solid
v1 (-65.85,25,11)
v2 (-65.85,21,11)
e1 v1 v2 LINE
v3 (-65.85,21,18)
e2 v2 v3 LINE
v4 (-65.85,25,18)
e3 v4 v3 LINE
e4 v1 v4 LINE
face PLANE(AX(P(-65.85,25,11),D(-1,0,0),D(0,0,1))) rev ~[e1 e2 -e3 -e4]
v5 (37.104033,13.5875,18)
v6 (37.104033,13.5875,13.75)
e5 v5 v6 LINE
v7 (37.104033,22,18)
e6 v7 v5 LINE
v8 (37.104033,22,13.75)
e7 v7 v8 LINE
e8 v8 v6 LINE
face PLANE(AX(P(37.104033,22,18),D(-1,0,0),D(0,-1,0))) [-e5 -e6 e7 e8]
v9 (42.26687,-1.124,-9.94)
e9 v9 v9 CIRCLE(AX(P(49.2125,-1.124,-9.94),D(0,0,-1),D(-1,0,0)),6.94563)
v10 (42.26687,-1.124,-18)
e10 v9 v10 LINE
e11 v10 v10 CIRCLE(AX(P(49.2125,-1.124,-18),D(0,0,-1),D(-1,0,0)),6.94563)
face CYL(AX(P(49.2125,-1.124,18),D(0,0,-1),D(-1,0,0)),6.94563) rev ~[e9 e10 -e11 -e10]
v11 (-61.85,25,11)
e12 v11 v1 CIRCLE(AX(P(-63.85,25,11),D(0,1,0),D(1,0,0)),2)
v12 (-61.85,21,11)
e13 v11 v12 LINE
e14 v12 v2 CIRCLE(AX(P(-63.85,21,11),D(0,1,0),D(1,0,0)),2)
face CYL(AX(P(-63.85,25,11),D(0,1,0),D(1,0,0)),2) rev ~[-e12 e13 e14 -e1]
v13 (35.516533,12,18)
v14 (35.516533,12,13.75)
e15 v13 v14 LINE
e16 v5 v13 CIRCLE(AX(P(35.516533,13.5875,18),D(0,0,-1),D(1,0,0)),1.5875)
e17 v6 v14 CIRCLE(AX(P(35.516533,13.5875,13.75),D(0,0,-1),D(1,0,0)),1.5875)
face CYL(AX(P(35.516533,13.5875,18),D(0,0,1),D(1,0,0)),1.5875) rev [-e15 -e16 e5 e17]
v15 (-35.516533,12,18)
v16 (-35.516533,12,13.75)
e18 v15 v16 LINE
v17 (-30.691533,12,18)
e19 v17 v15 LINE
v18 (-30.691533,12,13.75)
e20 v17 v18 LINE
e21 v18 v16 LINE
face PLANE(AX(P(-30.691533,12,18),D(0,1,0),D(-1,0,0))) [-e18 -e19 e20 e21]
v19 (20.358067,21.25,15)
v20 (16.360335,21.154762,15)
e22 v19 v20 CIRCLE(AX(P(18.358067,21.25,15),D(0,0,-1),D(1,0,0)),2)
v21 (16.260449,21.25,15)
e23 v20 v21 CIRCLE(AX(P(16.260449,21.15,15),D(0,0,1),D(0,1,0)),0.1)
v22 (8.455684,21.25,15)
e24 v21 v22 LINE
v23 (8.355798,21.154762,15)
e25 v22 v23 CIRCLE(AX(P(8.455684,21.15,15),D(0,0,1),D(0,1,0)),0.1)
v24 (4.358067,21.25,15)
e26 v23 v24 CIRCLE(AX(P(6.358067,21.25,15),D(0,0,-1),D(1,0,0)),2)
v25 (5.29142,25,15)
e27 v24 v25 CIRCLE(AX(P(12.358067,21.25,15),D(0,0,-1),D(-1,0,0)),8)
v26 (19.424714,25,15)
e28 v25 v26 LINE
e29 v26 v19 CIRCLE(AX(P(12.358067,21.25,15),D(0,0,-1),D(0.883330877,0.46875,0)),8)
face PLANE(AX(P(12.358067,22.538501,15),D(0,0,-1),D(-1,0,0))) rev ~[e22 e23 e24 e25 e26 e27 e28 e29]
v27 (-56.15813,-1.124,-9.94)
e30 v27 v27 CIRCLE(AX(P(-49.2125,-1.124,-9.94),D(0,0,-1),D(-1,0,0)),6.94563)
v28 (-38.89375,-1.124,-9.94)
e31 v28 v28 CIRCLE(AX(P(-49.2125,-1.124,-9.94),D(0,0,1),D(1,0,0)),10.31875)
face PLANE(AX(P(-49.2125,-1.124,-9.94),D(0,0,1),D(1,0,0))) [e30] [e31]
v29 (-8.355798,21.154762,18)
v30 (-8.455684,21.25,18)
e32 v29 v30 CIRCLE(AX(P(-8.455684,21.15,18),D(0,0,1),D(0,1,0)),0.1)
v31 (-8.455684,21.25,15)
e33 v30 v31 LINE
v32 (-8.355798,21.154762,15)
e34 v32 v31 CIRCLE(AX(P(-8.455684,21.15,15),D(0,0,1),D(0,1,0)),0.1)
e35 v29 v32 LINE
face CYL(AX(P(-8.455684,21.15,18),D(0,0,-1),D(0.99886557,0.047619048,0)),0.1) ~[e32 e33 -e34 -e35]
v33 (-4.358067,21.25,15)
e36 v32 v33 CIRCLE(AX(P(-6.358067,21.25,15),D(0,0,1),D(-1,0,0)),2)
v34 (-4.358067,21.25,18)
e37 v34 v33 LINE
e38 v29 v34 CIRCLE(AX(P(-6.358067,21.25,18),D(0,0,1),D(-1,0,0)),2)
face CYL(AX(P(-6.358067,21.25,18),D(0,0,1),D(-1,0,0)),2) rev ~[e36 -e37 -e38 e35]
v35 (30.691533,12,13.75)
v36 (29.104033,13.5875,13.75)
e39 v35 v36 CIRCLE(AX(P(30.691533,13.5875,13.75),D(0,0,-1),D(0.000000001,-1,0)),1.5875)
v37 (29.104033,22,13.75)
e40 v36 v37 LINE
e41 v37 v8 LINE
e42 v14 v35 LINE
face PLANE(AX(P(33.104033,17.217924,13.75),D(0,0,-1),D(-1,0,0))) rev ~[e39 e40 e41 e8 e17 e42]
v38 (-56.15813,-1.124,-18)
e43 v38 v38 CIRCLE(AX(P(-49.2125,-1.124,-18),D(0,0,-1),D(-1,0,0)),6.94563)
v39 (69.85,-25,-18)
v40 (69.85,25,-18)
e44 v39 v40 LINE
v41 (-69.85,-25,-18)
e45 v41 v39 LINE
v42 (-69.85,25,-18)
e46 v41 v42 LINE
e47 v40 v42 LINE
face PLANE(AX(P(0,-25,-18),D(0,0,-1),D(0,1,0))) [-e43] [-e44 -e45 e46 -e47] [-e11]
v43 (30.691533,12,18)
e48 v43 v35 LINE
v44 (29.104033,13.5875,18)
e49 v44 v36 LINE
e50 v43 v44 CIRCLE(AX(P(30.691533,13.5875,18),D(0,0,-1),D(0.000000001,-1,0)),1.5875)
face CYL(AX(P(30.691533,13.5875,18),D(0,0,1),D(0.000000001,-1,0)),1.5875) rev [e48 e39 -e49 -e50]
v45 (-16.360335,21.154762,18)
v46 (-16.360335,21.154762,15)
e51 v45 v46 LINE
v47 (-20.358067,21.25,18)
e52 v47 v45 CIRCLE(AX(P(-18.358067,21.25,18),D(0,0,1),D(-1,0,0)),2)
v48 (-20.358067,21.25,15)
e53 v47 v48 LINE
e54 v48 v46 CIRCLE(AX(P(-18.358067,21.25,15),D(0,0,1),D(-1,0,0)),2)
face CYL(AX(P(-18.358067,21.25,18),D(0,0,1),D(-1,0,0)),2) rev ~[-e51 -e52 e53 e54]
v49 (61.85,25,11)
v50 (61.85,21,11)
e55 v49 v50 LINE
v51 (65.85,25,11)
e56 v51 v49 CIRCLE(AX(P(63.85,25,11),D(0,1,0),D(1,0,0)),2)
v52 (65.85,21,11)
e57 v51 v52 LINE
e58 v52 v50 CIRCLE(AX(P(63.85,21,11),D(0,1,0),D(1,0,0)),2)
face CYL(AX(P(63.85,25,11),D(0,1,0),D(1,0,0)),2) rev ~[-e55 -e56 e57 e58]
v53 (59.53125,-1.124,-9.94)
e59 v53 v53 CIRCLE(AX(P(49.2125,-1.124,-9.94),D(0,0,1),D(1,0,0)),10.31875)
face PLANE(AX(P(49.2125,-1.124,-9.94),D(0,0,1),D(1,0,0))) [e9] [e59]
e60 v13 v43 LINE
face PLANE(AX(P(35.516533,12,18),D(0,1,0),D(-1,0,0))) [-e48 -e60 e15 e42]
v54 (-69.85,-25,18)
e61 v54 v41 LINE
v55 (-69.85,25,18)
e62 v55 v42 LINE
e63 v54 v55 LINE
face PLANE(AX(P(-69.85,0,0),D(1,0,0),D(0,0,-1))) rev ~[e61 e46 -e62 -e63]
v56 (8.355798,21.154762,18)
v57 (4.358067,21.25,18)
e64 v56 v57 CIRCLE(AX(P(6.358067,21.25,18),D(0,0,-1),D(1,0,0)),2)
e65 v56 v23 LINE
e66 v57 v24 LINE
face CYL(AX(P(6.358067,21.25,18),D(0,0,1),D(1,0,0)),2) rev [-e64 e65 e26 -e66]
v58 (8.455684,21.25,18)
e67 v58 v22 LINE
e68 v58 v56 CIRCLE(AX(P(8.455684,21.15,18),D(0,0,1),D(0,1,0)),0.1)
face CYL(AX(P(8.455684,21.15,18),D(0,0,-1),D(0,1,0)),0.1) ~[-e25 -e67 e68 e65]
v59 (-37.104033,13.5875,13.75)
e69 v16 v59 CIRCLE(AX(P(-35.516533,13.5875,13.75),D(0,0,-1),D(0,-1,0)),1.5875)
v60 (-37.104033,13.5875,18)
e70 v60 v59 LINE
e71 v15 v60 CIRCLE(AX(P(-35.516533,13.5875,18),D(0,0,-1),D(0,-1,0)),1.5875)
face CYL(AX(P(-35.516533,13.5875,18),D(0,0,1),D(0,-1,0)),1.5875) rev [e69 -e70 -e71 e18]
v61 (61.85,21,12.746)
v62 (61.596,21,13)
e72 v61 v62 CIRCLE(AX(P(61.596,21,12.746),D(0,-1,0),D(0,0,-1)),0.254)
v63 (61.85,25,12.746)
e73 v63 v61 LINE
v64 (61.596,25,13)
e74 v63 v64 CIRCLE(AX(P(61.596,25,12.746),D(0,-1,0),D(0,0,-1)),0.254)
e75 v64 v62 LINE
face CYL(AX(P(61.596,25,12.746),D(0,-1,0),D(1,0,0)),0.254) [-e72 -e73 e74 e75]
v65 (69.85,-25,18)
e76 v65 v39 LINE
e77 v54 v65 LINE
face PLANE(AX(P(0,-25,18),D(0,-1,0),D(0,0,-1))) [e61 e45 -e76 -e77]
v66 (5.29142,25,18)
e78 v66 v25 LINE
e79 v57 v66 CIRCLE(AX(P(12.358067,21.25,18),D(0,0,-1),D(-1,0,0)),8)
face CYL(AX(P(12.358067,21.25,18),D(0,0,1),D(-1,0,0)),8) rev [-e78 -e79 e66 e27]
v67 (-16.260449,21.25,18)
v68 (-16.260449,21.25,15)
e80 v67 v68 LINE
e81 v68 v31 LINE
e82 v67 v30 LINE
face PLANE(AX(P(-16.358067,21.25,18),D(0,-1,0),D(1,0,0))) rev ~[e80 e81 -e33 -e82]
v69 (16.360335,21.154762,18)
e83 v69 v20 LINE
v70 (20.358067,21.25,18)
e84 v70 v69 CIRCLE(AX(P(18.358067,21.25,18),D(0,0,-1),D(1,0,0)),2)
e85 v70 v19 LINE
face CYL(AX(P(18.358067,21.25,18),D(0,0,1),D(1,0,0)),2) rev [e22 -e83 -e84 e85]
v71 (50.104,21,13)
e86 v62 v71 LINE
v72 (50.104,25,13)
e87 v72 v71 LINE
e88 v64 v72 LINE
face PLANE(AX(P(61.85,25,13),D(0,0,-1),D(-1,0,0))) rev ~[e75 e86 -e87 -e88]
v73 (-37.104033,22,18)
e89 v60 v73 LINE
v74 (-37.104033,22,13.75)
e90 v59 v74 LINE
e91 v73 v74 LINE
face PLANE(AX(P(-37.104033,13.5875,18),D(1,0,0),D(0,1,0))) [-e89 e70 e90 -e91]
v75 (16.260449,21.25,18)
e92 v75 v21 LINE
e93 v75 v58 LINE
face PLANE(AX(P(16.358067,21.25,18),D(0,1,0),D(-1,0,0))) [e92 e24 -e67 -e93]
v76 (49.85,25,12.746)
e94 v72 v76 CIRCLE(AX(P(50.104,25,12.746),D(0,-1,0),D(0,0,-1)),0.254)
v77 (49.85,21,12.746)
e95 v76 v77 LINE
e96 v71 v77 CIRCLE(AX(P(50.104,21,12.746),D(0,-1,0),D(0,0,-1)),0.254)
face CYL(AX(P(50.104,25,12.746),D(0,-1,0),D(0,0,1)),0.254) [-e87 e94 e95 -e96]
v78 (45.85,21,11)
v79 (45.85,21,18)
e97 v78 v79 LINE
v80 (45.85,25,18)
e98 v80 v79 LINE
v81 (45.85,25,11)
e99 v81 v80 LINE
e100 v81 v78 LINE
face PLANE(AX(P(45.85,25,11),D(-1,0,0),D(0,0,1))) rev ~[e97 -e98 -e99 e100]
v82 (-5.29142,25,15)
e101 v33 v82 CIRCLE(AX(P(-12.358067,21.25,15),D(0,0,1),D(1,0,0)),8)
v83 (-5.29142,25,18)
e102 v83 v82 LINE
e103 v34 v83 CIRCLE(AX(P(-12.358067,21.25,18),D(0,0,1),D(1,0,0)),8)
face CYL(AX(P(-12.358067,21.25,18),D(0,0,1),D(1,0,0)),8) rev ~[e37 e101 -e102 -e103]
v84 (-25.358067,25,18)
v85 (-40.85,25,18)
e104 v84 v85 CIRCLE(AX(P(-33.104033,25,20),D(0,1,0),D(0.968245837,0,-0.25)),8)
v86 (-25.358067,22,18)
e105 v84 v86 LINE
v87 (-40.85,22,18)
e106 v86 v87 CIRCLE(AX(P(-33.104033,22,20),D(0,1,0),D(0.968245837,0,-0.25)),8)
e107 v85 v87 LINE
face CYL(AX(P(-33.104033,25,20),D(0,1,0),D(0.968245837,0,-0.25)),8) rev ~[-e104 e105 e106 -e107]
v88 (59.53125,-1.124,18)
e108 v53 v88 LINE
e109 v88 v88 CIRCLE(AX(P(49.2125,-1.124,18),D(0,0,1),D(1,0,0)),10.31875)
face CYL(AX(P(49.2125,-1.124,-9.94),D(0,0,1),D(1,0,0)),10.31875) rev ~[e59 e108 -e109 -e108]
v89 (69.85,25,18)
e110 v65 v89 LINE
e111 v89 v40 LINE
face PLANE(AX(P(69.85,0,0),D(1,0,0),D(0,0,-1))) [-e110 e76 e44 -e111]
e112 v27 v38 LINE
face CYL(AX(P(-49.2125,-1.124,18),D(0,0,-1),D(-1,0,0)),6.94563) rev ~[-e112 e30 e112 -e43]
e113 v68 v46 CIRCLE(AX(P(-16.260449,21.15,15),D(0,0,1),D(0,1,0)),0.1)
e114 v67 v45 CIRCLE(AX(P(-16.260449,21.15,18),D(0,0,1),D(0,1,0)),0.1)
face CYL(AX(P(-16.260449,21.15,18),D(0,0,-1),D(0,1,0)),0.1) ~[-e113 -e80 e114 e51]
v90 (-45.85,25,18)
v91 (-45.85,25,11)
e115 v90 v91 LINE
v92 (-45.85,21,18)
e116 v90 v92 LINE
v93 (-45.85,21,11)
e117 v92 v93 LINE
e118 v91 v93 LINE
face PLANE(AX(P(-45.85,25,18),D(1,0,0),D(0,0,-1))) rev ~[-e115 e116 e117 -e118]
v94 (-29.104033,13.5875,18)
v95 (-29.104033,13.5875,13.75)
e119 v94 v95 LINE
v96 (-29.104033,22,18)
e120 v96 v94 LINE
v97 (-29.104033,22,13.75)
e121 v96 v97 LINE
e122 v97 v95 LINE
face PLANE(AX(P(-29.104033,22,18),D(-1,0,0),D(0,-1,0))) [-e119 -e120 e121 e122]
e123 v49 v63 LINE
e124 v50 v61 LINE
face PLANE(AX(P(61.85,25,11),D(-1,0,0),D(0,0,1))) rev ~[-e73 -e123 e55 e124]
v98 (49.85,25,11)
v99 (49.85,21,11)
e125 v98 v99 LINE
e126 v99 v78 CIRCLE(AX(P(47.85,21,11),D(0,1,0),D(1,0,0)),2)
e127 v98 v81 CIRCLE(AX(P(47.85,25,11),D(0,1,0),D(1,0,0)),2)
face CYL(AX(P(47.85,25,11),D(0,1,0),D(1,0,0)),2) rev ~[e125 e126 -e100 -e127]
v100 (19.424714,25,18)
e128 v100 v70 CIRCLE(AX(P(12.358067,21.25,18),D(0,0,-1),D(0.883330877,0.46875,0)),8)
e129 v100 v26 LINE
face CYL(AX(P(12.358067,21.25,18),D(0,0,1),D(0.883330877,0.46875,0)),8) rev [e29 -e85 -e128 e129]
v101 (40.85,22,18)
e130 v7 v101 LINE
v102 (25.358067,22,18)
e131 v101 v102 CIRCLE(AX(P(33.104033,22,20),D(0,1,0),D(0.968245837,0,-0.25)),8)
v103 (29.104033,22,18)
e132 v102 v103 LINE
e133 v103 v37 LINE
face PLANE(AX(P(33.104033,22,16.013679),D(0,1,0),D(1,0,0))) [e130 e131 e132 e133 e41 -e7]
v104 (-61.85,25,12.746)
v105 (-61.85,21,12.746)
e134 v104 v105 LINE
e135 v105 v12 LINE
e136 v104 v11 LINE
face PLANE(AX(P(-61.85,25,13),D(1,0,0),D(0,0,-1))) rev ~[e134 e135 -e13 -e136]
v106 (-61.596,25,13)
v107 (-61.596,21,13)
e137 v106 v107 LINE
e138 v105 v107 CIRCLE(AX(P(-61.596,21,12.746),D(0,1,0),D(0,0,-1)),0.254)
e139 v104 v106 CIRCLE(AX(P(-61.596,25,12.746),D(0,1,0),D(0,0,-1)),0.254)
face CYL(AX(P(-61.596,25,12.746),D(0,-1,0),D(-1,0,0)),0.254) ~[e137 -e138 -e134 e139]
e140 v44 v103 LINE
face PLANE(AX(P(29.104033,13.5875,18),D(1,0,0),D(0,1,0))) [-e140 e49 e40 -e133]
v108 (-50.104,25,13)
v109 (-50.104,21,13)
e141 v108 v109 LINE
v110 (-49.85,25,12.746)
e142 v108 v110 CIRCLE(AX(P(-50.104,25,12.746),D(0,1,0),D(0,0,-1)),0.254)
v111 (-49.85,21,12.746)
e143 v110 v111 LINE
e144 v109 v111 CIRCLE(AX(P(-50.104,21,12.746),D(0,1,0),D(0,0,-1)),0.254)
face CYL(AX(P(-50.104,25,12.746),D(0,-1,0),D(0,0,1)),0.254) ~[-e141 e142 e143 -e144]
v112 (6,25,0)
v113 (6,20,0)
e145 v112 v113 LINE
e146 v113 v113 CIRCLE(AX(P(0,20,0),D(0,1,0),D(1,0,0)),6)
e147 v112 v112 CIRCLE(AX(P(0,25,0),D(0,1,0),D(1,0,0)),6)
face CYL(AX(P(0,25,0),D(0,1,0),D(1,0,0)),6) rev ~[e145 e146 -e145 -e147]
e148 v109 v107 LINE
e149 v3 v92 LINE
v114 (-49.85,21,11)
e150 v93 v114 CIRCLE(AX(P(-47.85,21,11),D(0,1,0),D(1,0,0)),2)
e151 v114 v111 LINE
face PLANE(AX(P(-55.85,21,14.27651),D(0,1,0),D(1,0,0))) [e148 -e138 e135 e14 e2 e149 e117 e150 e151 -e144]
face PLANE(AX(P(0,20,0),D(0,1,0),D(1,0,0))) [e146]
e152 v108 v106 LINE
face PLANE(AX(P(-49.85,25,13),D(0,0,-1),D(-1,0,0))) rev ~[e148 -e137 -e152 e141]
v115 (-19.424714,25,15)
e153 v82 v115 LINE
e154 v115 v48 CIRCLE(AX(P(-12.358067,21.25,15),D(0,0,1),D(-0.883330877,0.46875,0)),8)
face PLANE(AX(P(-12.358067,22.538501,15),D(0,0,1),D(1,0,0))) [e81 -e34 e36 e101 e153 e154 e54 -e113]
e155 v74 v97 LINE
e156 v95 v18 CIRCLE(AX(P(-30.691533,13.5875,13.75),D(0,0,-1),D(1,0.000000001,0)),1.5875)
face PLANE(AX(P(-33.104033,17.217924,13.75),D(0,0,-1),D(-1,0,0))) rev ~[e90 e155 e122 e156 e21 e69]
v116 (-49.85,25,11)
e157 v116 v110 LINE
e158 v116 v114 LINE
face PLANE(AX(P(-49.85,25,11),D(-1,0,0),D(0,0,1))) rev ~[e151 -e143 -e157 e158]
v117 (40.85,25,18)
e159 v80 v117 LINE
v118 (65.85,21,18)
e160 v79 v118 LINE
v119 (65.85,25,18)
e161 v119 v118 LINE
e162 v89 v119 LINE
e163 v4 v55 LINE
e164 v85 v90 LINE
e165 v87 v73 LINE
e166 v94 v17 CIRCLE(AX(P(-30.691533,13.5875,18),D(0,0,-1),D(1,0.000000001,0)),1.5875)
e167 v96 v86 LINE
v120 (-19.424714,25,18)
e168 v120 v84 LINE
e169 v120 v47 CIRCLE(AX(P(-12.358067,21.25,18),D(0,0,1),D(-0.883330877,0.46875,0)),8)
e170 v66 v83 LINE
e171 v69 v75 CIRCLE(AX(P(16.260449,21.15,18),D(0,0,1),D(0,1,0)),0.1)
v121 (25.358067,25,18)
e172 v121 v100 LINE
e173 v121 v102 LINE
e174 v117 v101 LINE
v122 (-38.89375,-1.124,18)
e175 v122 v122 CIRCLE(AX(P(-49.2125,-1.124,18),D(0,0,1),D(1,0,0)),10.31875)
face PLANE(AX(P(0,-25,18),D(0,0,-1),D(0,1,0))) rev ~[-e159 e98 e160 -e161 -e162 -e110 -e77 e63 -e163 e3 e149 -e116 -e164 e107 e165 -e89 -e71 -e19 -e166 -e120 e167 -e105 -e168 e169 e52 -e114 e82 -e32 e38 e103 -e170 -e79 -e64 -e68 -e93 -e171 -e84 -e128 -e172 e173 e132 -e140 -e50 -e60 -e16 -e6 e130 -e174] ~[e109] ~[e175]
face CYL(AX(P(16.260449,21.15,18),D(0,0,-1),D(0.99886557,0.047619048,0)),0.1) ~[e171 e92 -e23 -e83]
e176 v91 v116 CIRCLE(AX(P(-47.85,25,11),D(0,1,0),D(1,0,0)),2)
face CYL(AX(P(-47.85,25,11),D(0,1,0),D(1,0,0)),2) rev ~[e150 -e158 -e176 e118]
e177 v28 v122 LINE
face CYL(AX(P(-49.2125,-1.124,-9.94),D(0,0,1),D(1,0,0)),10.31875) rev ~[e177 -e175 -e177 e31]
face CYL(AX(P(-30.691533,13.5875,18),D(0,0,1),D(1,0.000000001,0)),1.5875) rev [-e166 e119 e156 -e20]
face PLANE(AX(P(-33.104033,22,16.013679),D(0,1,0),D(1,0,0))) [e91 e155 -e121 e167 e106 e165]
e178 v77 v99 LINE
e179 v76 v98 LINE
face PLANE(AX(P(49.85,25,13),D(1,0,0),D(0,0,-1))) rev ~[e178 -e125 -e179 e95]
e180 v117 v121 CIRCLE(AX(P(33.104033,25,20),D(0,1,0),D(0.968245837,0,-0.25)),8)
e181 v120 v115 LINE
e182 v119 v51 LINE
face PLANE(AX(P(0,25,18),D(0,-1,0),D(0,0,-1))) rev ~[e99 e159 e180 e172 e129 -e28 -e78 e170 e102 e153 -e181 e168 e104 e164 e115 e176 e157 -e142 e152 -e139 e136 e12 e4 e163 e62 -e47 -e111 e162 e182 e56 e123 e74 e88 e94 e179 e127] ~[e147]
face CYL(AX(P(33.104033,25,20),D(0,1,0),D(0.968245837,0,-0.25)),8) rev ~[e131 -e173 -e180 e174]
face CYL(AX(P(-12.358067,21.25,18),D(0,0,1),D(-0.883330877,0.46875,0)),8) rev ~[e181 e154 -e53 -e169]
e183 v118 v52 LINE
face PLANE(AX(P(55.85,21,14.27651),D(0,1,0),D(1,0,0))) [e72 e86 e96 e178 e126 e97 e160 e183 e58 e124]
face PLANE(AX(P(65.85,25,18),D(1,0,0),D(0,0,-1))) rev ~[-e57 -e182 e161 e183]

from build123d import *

# Parameters (mm, degrees)
SKETCH1_W                                        = 36
SKETCH1_H                                        = 50
BOSS_EXTRUDE1_DEPTH                              = 69.85
CBORE_FOR_1_2_SOCKET_HEAD_CAP_SCREW1_D           = 13.89126
CBORE_FOR_1_2_SOCKET_HEAD_CAP_SCREW1_CBORE_D     = 20.6375
CBORE_FOR_1_2_SOCKET_HEAD_CAP_SCREW1_CBORE_DEPTH = 27.94
CUT_EXTRUDE1_DEPTH                               = 4
CUT_EXTRUDE2_DEPTH                               = 3
CUT_EXTRUDE4_DEPTH                               = 4.25
CUT_EXTRUDE5_DEPTH                               = 3
SKETCH10_R                                       = 6
CUT_EXTRUDE6_DEPTH                               = 5
FILLET1_R                                        = 0.1
FILLET2_R                                        = 0.254


with BuildPart() as part:
    # Sketch1 → Boss-Extrude1 (new body, symmetric)
    with BuildSketch(Plane(origin=(0, 0, 0), x_dir=(0, 0, -1), z_dir=(1, 0, 0))):
        Rectangle(SKETCH1_W, SKETCH1_H)
    extrude(amount=BOSS_EXTRUDE1_DEPTH, both=True)

    # CBORE for 1/2 Socket Head Cap Screw1 (through all)
    with Locations(Plane.XY.offset(18)):
        with Locations((-49.2125, -1.124), (49.2125, -1.124)):
            CounterBoreHole(CBORE_FOR_1_2_SOCKET_HEAD_CAP_SCREW1_D / 2, CBORE_FOR_1_2_SOCKET_HEAD_CAP_SCREW1_CBORE_D / 2, CBORE_FOR_1_2_SOCKET_HEAD_CAP_SCREW1_CBORE_DEPTH)

    # Sketch5 → Cut-Extrude1 (cut)
    with BuildSketch(Plane(origin=(0, 25, 0), x_dir=(1, 0, 0), z_dir=(0, 1, 0))):
        with BuildLine():
            Line((-65.85, -18), (-45.85, -18))
            Line((-45.85, -18), (-45.85, -11))
            ThreePointArc((-45.85, -11), (-47.85, -9), (-49.85, -11))
            Line((-49.85, -11), (-49.85, -13))
            Line((-49.85, -13), (-61.85, -13))
            Line((-61.85, -13), (-61.85, -11))
            ThreePointArc((-61.85, -11), (-63.85, -9), (-65.85, -11))
            Line((-65.85, -11), (-65.85, -18))
        make_face()
        with BuildLine():
            Line((45.85, -18), (65.85, -18))
            Line((65.85, -18), (65.85, -11))
            ThreePointArc((65.85, -11), (63.85, -9), (61.85, -11))
            Line((61.85, -11), (61.85, -13))
            Line((61.85, -13), (49.85, -13))
            Line((49.85, -13), (49.85, -11))
            ThreePointArc((49.85, -11), (47.85, -9), (45.85, -11))
            Line((45.85, -11), (45.85, -18))
        make_face()
    extrude(amount=-CUT_EXTRUDE1_DEPTH, mode=Mode.SUBTRACT)

    # Sketch6 → Cut-Extrude2 (cut)
    with BuildSketch(Plane(origin=(0, 25, 0), x_dir=(1, 0, 0), z_dir=(0, 1, 0))):
        with BuildLine():
            Line((-40.85, -18), (-25.358066615, -18))
            ThreePointArc((-25.358066615, -18), (-33.104033308, -12), (-40.85, -18))
        make_face()
        with BuildLine():
            Line((25.358066615, -18), (40.85, -18))
            ThreePointArc((40.85, -18), (33.104033308, -12), (25.358066615, -18))
        make_face()
    extrude(amount=-CUT_EXTRUDE2_DEPTH, mode=Mode.SUBTRACT)

    # Sketch8 → Cut-Extrude4 (cut)
    with BuildSketch(Plane.XY.offset(18)):
        with BuildLine():
            Line((-37.104033308, 22), (-29.104033308, 22))
            Line((-29.104033308, 22), (-29.104033308, 13.5875))
            ThreePointArc((-29.104033308, 13.5875), (-29.569001292, 12.464967985), (-30.691533308, 12))
            Line((-30.691533308, 12), (-35.516533308, 12))
            ThreePointArc((-35.516533308, 12), (-36.639065323, 12.464967985), (-37.104033308, 13.5875))
            Line((-37.104033308, 13.5875), (-37.104033308, 22))
        make_face()
        with BuildLine():
            Line((29.104033308, 22), (37.104033308, 22))
            Line((37.104033308, 22), (37.104033308, 13.5875))
            ThreePointArc((37.104033308, 13.5875), (36.639065323, 12.464967985), (35.516533308, 12))
            Line((35.516533308, 12), (30.691533308, 12))
            ThreePointArc((30.691533308, 12), (29.569001292, 12.464967985), (29.104033308, 13.5875))
            Line((29.104033308, 13.5875), (29.104033308, 22))
        make_face()
    extrude(amount=-CUT_EXTRUDE4_DEPTH, mode=Mode.SUBTRACT)

    # Sketch9 → Cut-Extrude5 (cut)
    with BuildSketch(Plane.XY.offset(18)):
        with BuildLine():
            Line((-16.358066615, 21.25), (-8.358066615, 21.25))
            ThreePointArc((-8.358066615, 21.25), (-6.358066615, 19.25), (-4.358066615, 21.25))
            ThreePointArc((-4.358066615, 21.25), (-4.59491081, 23.18220391), (-5.291419603, 25))
            Line((-5.291419603, 25), (-19.424713628, 25))
            ThreePointArc((-19.424713628, 25), (-20.12122242, 23.18220391), (-20.358066615, 21.25))
            ThreePointArc((-20.358066615, 21.25), (-18.358066615, 19.25), (-16.358066615, 21.25))
        make_face()
        with BuildLine():
            Line((5.291419603, 25), (19.424713628, 25))
            ThreePointArc((19.424713628, 25), (20.12122242, 23.18220391), (20.358066615, 21.25))
            ThreePointArc((20.358066615, 21.25), (18.358066615, 19.25), (16.358066615, 21.25))
            Line((16.358066615, 21.25), (8.358066615, 21.25))
            ThreePointArc((8.358066615, 21.25), (6.358066615, 19.25), (4.358066615, 21.25))
            ThreePointArc((4.358066615, 21.25), (4.59491081, 23.18220391), (5.291419603, 25))
        make_face()
    extrude(amount=-CUT_EXTRUDE5_DEPTH, mode=Mode.SUBTRACT)

    # Sketch10 → Cut-Extrude6 (cut)
    with BuildSketch(Plane(origin=(0, 25, 0), x_dir=(1, 0, 0), z_dir=(0, 1, 0))):
        Circle(SKETCH10_R)
    extrude(amount=-CUT_EXTRUDE6_DEPTH, mode=Mode.SUBTRACT)

    # Fillet1
    fillet1_edges = [part.edges().sort_by_distance(p)[0] for p in [
        (-16.358066615, 21.25, 16.5),
        (-8.358066615, 21.25, 16.5),
        (16.358066615, 21.25, 16.5),
        (8.358066615, 21.25, 16.5),
    ]]
    fillet(fillet1_edges, radius=FILLET1_R)

    # Fillet2
    fillet2_edges = [part.edges().sort_by_distance(p)[0] for p in [
        (-61.85, 23, 13),
        (-49.85, 23, 13),
        (49.85, 23, 13),
        (61.85, 23, 13),
    ]]
    fillet(fillet2_edges, radius=FILLET2_R)


solid = part.part
